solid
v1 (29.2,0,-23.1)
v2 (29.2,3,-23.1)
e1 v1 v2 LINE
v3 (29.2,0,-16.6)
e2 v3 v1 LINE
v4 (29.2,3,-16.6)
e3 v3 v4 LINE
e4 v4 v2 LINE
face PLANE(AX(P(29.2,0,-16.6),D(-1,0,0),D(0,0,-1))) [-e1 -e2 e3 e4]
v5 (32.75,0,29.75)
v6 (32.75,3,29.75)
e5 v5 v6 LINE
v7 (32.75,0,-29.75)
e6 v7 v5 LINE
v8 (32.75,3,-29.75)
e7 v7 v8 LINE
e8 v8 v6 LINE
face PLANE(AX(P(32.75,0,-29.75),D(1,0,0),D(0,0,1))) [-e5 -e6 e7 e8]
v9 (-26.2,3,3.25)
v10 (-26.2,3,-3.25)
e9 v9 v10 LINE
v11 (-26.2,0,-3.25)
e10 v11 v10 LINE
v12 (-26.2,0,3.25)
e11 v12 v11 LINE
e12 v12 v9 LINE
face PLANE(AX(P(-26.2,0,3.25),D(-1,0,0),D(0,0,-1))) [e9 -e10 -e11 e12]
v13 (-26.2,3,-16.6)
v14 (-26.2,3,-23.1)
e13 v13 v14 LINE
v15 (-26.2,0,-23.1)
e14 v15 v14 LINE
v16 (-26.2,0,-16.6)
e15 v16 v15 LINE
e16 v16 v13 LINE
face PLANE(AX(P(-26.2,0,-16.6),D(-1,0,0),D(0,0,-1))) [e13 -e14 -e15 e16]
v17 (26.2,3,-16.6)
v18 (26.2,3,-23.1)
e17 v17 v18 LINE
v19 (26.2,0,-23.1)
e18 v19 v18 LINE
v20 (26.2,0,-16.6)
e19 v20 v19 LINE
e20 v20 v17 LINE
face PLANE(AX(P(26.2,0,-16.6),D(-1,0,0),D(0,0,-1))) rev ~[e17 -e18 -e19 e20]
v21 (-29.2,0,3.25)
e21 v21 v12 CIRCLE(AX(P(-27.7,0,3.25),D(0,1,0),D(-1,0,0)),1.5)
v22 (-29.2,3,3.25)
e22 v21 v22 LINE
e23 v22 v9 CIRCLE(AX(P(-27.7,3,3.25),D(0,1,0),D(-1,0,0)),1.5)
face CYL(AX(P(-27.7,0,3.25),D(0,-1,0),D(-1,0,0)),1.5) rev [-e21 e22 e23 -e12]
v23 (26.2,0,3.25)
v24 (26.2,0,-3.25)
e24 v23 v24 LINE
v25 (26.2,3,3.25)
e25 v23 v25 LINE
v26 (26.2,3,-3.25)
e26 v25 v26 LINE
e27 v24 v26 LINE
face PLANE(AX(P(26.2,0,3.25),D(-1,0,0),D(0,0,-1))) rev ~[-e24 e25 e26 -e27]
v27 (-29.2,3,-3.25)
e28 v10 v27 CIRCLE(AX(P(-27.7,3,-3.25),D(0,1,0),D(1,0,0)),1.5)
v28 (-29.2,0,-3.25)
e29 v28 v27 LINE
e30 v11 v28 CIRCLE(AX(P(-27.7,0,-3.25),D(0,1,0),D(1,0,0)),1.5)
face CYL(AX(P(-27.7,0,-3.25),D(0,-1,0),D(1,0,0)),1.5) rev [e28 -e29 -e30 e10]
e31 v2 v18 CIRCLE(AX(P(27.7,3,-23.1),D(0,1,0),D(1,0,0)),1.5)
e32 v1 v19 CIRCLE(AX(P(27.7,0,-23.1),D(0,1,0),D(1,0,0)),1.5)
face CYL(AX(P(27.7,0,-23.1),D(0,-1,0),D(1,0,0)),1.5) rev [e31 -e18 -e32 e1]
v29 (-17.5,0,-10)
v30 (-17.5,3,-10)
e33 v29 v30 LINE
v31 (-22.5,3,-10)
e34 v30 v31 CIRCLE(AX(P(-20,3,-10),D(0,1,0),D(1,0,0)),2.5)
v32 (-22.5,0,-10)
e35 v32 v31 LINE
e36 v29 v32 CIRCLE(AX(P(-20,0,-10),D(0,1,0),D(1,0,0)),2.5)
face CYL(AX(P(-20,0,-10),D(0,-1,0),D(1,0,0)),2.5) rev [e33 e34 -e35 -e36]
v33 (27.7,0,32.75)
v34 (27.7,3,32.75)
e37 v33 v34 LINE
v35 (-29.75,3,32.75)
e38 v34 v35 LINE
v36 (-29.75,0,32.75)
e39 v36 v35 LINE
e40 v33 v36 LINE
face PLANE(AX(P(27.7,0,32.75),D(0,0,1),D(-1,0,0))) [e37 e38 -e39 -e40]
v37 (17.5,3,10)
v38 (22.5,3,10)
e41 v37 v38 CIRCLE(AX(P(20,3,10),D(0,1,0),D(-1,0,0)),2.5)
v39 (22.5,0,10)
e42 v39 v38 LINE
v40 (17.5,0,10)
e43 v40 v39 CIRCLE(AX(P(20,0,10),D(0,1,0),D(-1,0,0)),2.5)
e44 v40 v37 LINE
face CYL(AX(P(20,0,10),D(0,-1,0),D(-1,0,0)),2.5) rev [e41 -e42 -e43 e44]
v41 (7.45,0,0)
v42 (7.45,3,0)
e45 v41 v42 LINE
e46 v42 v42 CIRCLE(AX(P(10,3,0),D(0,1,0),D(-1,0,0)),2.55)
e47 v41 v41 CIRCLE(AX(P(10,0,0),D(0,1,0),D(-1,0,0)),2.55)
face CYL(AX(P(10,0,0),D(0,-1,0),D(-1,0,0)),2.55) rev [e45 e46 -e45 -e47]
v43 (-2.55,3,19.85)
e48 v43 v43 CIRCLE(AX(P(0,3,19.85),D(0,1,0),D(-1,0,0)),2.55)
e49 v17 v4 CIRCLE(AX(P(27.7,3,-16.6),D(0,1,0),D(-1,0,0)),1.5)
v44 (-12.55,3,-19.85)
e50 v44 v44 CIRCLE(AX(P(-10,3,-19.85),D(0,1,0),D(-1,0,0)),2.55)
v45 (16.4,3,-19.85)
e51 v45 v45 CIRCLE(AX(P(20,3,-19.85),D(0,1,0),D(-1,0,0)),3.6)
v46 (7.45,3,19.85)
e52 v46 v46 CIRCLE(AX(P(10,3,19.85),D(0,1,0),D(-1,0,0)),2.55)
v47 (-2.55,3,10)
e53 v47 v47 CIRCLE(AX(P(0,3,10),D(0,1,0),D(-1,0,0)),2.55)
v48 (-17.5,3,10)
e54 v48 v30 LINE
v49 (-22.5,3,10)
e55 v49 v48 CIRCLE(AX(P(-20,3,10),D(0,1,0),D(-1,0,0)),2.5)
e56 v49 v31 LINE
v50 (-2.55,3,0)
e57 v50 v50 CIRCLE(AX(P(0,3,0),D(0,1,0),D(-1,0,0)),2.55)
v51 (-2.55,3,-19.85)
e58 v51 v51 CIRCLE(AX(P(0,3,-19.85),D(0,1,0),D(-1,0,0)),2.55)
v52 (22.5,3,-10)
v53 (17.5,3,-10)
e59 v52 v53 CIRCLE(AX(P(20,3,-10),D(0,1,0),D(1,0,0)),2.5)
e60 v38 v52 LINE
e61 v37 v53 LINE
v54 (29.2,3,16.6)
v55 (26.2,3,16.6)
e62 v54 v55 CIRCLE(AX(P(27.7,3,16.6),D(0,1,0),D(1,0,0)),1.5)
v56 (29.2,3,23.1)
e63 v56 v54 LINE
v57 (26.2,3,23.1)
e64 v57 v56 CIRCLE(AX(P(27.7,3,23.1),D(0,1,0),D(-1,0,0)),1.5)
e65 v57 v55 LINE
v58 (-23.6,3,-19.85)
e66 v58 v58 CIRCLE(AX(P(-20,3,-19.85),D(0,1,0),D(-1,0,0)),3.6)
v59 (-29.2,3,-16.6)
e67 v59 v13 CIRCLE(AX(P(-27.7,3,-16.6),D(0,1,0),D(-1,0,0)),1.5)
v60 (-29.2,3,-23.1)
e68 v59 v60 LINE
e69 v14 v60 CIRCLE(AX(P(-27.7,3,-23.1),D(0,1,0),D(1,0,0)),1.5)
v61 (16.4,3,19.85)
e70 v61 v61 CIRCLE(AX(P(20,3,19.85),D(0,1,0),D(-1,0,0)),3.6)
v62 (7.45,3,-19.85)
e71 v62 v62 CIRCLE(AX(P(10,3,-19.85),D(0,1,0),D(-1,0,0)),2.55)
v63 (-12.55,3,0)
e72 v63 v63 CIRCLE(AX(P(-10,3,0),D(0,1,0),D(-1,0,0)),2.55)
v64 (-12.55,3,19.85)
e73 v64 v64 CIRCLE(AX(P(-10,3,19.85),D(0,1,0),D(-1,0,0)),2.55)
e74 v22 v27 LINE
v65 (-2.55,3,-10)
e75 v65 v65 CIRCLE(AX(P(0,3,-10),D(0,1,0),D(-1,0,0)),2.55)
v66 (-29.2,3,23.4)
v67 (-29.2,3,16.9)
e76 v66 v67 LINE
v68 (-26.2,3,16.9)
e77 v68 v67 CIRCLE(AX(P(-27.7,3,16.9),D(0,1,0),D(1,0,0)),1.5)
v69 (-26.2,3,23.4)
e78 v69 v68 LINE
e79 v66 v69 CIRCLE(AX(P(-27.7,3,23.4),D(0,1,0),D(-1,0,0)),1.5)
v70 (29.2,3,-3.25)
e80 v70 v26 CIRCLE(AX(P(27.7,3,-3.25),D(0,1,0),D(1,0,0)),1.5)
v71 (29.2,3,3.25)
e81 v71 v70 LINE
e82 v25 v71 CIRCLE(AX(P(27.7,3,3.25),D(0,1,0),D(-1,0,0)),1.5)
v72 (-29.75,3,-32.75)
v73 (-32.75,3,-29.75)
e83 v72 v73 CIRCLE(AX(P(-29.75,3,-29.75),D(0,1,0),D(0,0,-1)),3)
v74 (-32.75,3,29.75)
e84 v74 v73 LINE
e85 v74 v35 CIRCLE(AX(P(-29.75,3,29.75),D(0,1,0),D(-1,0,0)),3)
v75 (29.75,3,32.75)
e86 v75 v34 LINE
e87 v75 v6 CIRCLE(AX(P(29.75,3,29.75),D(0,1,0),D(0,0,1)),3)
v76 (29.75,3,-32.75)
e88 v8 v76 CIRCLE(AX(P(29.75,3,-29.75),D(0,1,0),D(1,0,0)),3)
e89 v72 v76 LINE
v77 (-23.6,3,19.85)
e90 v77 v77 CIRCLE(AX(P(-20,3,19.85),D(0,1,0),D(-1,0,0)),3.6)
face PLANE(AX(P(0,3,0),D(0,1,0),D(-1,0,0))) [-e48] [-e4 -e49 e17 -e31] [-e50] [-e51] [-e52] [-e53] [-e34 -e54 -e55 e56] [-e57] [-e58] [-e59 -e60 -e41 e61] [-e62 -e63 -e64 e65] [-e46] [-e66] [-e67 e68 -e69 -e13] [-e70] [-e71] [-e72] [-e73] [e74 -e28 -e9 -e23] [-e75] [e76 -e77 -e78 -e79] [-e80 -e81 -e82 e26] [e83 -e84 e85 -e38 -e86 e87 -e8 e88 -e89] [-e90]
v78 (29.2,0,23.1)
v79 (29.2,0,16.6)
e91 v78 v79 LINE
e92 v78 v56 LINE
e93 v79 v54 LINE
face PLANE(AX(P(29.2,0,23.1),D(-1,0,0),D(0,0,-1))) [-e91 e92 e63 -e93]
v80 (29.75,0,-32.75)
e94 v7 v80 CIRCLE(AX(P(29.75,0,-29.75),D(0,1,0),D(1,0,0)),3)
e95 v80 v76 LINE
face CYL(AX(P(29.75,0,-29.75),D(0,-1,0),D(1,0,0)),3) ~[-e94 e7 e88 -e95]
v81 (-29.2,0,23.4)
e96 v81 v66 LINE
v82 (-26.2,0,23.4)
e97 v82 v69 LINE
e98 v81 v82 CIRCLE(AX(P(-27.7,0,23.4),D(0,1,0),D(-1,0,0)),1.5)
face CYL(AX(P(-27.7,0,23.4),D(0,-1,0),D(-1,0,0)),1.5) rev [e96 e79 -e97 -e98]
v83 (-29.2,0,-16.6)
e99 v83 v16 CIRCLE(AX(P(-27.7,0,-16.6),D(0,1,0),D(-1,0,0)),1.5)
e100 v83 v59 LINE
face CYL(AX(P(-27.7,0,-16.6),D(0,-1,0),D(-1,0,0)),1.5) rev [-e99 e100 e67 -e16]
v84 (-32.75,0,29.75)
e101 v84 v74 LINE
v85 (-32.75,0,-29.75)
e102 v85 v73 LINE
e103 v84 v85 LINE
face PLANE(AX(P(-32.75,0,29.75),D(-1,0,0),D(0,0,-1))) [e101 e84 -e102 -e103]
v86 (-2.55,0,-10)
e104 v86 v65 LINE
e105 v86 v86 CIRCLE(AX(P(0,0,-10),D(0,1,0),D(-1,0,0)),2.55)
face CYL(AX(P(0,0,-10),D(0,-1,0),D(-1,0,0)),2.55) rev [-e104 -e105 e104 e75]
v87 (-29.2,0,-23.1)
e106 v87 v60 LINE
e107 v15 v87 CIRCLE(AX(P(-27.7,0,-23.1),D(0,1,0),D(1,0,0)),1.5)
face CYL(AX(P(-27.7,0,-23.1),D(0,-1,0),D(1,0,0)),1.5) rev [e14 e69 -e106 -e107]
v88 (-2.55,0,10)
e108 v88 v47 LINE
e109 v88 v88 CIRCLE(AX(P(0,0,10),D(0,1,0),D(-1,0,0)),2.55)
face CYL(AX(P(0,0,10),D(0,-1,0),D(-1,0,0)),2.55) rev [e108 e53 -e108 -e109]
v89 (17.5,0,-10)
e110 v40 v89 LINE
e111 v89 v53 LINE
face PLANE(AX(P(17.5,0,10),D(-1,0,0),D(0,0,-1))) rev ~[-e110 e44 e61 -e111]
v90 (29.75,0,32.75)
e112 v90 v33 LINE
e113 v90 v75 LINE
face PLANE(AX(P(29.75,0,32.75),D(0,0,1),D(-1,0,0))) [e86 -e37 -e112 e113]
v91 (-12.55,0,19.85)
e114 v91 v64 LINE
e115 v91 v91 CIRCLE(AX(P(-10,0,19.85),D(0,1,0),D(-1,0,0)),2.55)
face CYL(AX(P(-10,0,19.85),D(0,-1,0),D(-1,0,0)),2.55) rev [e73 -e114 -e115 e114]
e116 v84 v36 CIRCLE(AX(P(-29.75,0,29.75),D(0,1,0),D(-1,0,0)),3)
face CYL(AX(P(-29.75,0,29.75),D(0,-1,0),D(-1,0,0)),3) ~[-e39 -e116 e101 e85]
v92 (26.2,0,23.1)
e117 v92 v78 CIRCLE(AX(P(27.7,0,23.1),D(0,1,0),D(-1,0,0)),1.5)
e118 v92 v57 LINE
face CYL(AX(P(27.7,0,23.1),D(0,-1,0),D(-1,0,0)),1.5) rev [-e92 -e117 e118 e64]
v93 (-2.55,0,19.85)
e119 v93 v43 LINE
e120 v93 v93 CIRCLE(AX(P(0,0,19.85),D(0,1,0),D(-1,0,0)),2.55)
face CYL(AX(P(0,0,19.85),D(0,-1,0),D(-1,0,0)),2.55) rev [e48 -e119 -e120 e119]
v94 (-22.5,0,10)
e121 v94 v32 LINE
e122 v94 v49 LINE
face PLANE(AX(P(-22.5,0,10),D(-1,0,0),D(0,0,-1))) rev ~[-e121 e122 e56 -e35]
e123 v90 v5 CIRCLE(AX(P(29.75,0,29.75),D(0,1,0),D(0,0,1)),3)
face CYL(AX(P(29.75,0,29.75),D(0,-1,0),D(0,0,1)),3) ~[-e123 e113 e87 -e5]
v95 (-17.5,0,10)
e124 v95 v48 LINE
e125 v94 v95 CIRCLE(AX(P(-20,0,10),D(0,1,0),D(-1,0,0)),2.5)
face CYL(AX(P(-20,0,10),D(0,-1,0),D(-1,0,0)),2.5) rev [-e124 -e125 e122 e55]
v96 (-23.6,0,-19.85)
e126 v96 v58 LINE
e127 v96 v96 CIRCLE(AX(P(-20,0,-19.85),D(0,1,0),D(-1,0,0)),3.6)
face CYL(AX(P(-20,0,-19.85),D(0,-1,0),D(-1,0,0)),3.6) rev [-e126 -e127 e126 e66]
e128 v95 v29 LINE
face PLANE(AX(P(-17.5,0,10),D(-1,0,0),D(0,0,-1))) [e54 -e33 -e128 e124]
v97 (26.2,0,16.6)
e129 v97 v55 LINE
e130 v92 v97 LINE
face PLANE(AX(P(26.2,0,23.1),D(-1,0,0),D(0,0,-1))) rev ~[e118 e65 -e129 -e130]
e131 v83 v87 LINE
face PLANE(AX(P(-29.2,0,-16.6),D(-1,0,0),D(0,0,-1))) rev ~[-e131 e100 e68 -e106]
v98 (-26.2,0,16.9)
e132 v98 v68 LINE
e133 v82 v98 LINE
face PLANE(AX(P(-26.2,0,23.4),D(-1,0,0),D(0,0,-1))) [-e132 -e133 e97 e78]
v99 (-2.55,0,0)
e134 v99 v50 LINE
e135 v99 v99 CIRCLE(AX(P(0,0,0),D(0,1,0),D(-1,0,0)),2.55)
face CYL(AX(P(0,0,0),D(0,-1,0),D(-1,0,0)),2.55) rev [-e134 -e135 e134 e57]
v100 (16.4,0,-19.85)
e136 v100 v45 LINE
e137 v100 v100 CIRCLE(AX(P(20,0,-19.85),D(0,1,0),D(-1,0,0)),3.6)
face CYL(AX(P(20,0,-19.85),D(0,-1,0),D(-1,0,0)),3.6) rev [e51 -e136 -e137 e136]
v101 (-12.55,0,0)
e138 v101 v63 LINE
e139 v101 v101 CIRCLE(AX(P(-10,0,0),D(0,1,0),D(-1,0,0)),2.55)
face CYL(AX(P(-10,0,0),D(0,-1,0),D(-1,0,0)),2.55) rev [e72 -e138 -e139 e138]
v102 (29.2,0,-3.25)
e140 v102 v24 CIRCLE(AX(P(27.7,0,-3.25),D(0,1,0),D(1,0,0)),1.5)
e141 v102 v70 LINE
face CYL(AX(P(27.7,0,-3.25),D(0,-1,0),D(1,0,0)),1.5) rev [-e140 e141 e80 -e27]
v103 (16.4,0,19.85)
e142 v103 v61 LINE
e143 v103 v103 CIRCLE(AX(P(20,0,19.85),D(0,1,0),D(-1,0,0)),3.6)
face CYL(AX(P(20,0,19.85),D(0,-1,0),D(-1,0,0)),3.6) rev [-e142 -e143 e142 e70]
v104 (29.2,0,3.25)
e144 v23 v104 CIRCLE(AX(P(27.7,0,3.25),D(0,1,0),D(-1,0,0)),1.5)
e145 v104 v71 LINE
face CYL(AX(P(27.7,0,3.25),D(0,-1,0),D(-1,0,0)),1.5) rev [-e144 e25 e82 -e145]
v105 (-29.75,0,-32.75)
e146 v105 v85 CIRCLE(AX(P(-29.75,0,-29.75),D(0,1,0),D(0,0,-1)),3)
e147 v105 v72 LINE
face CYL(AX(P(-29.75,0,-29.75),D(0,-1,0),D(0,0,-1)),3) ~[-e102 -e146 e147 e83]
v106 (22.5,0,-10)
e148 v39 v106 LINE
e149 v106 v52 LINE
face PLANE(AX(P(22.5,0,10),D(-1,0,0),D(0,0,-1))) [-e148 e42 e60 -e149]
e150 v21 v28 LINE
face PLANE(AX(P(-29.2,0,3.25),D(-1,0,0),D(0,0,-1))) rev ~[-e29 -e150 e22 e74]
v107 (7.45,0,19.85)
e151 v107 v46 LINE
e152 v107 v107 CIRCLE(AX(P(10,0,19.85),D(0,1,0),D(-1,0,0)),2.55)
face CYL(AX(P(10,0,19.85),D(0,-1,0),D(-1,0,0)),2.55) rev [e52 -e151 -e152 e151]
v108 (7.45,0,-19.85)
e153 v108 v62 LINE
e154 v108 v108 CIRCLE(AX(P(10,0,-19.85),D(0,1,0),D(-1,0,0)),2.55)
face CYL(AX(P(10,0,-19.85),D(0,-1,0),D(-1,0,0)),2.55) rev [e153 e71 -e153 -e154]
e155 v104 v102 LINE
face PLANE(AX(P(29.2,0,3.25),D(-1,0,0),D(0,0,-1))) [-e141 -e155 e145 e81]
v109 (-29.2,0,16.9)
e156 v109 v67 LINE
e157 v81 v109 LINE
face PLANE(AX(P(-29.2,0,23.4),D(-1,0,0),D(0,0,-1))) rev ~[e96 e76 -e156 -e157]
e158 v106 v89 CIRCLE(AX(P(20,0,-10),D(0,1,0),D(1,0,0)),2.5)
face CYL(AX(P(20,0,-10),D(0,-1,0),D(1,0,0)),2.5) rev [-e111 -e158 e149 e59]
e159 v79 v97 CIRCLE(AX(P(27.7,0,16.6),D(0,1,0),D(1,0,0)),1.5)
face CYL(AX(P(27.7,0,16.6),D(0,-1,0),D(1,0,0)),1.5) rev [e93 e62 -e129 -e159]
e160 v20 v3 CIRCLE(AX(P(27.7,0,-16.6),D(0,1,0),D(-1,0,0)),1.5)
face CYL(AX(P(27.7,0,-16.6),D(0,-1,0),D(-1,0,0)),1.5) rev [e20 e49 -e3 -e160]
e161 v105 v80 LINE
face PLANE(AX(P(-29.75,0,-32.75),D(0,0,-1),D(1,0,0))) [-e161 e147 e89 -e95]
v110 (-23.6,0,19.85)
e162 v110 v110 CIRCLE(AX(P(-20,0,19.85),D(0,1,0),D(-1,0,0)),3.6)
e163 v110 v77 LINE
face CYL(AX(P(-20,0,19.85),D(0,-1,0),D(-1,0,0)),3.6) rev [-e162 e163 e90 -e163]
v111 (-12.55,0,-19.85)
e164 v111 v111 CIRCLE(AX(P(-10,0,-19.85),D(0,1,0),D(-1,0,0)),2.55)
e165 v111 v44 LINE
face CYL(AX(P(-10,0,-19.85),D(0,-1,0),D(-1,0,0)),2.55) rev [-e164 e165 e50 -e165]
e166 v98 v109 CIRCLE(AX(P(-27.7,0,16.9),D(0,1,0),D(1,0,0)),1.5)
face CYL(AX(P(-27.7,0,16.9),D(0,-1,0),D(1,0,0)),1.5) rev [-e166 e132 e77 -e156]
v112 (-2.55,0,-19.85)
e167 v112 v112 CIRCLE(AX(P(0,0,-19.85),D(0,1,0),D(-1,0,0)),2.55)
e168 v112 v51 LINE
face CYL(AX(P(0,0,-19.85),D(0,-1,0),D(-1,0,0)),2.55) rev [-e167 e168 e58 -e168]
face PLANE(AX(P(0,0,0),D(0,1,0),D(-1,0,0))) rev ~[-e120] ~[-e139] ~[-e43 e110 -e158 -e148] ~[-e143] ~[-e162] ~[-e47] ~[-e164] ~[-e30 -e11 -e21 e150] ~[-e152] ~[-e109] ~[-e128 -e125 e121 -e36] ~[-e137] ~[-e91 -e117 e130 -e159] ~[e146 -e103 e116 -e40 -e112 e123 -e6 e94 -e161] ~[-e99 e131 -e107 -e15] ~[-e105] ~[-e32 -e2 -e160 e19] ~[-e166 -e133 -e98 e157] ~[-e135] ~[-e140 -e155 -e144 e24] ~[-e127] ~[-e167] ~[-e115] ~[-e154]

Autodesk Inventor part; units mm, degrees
ref_plane "YZ Plane" through (0, 0, 0) normal (1, 0, 0) x (0, 1, 0)
ref_plane "XZ Plane" through (0, 0, 0) normal (0, 1, 0) x (-1, 0, 0)
ref_plane "XY Plane" through (0, 0, 0) normal (0, 0, 1) x (1, 0, 0)
sketch "Sketch1" plane through (0, 0, 0) normal (0, 1, 0) x (-1, 0, 0)
  line L0 (-29.75, 32.75) -> (29.75, 32.75)
  line L1 (32.75, 29.75) -> (32.75, -29.75)
  line L2 (29.75, -32.75) -> (-29.75, -32.75)
  line L3 (-32.75, -29.75) -> (-32.75, 29.75)
  arc A0 (-29.75, 32.75) -> (-32.75, 29.75) centre (-29.75, 29.75) ccw
  arc A1 (-32.75, -29.75) -> (-29.75, -32.75) centre (-29.75, -29.75) ccw
  arc A2 (29.75, -32.75) -> (32.75, -29.75) centre (29.75, -29.75) ccw
  arc A3 (32.75, 29.75) -> (29.75, 32.75) centre (29.75, 29.75) ccw
  arc A4 (29.2, 23.4) -> (26.2, 23.4) centre (27.7, 23.4) ccw
  arc A5 (26.2, 16.9) -> (29.2, 16.9) centre (27.7, 16.9) ccw
  line L4 (29.2, 23.4) -> (29.2, 16.9)
  line L5 (26.2, 23.4) -> (26.2, 16.9)
  arc A6 (29.2, 3.25) -> (26.2, 3.25) centre (27.7, 3.25) ccw
  arc A7 (26.2, -3.25) -> (29.2, -3.25) centre (27.7, -3.25) ccw
  line L6 (29.2, 3.25) -> (29.2, -3.25)
  line L7 (26.2, 3.25) -> (26.2, -3.25)
  circle A8 centre (20, 19.85) radius 3.6
  circle A9 centre (10, 19.85) radius 2.55
  circle A10 centre (0, 19.85) radius 2.55
  circle A11 centre (0, 10) radius 2.55
  circle A12 centre (0, 0) radius 2.55
  circle A13 centre (10, 0) radius 2.55
  arc A14 (22.5, 10) -> (17.5, 10) centre (20, 10) ccw
  arc A15 (17.5, -10) -> (22.5, -10) centre (20, -10) ccw
  line L8 (22.5, 10) -> (22.5, -10)
  line L9 (17.5, 10) -> (17.5, -10)
  circle A16 centre (-20, 19.85) radius 3.6
  circle A17 centre (20, -19.85) radius 3.6
  circle A18 centre (-20, -19.85) radius 3.6
  circle A19 centre (-10, 19.85) radius 2.55
  circle A20 centre (-10, -19.85) radius 2.55
  circle A21 centre (10, -19.85) radius 2.55
  circle A22 centre (0, -10) radius 2.55
  circle A23 centre (0, -19.85) radius 2.55
  circle A24 centre (-10, 0) radius 2.55
  arc A25 (-17.5, 10) -> (-22.5, 10) centre (-20, 10) ccw
  arc A26 (-22.5, -10) -> (-17.5, -10) centre (-20, -10) ccw
  line L10 (-17.5, 10) -> (-17.5, -10)
  line L11 (-22.5, 10) -> (-22.5, -10)
  arc A27 (29.2, -16.6) -> (26.2, -16.6) centre (27.7, -16.6) ccw
  arc A28 (26.2, -23.1) -> (29.2, -23.1) centre (27.7, -23.1) ccw
  line L12 (29.2, -16.6) -> (29.2, -23.1)
  line L13 (26.2, -16.6) -> (26.2, -23.1)
  line L14 (-32.75, 32.75) -> (-27.7, 32.75)
  arc A29 (-26.2, 23.1) -> (-29.2, 23.1) centre (-27.7, 23.1) ccw
  arc A30 (-29.2, 16.6) -> (-26.2, 16.6) centre (-27.7, 16.6) ccw
  line L15 (-26.2, 23.1) -> (-26.2, 16.6)
  line L16 (-29.2, 23.1) -> (-29.2, 16.6)
  arc A31 (-26.2, 3.25) -> (-29.2, 3.25) centre (-27.7, 3.25) ccw
  arc A32 (-29.2, -3.25) -> (-26.2, -3.25) centre (-27.7, -3.25) ccw
  line L17 (-26.2, 3.25) -> (-26.2, -3.25)
  line L18 (-29.2, 3.25) -> (-29.2, -3.25)
  arc A33 (-26.2, -16.6) -> (-29.2, -16.6) centre (-27.7, -16.6) ccw
  arc A34 (-29.2, -23.1) -> (-26.2, -23.1) centre (-27.7, -23.1) ccw
  line L19 (-26.2, -16.6) -> (-26.2, -23.1)
  line L20 (-29.2, -16.6) -> (-29.2, -23.1)
  point P0 (0, 0)
  point P1 (27.7, 0)
  point P2 (-27.7, 19.85)
  point P3 (-27.7, 0)
  point P4 (-27.7, -19.85)
  dimension "d2" = 3
  dimension "d7" = 3
  dimension "d8" = 3
  dimension "d10" = 3
  dimension "d12" = 3
  dimension "d16" = 7.2
  dimension "d18" = 5.1
  dimension "d20" = 5.1
  dimension "d22" = 5.1
  dimension "d23" = 5.1
  dimension "d24" = 5.1
  dimension "d26" = 5
  dimension "d28" = 5
  dimension "d31" = 10
  dimension "d36" = 7.2
  dimension "d39" = 29.5
  dimension "d44" = 7.2
  dimension "d45" = 7.2
  dimension "d46" = 5.1
  dimension "d47" = 5.1
  dimension "d48" = 5.1
  dimension "d51" = 5.1
  dimension "d52" = 5.1
  dimension "d53" = 5.1
  dimension "d54" = 5
  dimension "d55" = 5
  dimension "d56" = 3
  dimension "d57" = 3
  dimension "d58" = 5.05
  dimension "d59" = 3
  dimension "d60" = 3
  dimension "d61" = 3
  dimension "d62" = 3
  dimension "d63" = 3
  dimension "d64" = 3
extrude "Extrusion1" add sketch "Sketch1" along normal blind 3
properties part number "Plataforma"
